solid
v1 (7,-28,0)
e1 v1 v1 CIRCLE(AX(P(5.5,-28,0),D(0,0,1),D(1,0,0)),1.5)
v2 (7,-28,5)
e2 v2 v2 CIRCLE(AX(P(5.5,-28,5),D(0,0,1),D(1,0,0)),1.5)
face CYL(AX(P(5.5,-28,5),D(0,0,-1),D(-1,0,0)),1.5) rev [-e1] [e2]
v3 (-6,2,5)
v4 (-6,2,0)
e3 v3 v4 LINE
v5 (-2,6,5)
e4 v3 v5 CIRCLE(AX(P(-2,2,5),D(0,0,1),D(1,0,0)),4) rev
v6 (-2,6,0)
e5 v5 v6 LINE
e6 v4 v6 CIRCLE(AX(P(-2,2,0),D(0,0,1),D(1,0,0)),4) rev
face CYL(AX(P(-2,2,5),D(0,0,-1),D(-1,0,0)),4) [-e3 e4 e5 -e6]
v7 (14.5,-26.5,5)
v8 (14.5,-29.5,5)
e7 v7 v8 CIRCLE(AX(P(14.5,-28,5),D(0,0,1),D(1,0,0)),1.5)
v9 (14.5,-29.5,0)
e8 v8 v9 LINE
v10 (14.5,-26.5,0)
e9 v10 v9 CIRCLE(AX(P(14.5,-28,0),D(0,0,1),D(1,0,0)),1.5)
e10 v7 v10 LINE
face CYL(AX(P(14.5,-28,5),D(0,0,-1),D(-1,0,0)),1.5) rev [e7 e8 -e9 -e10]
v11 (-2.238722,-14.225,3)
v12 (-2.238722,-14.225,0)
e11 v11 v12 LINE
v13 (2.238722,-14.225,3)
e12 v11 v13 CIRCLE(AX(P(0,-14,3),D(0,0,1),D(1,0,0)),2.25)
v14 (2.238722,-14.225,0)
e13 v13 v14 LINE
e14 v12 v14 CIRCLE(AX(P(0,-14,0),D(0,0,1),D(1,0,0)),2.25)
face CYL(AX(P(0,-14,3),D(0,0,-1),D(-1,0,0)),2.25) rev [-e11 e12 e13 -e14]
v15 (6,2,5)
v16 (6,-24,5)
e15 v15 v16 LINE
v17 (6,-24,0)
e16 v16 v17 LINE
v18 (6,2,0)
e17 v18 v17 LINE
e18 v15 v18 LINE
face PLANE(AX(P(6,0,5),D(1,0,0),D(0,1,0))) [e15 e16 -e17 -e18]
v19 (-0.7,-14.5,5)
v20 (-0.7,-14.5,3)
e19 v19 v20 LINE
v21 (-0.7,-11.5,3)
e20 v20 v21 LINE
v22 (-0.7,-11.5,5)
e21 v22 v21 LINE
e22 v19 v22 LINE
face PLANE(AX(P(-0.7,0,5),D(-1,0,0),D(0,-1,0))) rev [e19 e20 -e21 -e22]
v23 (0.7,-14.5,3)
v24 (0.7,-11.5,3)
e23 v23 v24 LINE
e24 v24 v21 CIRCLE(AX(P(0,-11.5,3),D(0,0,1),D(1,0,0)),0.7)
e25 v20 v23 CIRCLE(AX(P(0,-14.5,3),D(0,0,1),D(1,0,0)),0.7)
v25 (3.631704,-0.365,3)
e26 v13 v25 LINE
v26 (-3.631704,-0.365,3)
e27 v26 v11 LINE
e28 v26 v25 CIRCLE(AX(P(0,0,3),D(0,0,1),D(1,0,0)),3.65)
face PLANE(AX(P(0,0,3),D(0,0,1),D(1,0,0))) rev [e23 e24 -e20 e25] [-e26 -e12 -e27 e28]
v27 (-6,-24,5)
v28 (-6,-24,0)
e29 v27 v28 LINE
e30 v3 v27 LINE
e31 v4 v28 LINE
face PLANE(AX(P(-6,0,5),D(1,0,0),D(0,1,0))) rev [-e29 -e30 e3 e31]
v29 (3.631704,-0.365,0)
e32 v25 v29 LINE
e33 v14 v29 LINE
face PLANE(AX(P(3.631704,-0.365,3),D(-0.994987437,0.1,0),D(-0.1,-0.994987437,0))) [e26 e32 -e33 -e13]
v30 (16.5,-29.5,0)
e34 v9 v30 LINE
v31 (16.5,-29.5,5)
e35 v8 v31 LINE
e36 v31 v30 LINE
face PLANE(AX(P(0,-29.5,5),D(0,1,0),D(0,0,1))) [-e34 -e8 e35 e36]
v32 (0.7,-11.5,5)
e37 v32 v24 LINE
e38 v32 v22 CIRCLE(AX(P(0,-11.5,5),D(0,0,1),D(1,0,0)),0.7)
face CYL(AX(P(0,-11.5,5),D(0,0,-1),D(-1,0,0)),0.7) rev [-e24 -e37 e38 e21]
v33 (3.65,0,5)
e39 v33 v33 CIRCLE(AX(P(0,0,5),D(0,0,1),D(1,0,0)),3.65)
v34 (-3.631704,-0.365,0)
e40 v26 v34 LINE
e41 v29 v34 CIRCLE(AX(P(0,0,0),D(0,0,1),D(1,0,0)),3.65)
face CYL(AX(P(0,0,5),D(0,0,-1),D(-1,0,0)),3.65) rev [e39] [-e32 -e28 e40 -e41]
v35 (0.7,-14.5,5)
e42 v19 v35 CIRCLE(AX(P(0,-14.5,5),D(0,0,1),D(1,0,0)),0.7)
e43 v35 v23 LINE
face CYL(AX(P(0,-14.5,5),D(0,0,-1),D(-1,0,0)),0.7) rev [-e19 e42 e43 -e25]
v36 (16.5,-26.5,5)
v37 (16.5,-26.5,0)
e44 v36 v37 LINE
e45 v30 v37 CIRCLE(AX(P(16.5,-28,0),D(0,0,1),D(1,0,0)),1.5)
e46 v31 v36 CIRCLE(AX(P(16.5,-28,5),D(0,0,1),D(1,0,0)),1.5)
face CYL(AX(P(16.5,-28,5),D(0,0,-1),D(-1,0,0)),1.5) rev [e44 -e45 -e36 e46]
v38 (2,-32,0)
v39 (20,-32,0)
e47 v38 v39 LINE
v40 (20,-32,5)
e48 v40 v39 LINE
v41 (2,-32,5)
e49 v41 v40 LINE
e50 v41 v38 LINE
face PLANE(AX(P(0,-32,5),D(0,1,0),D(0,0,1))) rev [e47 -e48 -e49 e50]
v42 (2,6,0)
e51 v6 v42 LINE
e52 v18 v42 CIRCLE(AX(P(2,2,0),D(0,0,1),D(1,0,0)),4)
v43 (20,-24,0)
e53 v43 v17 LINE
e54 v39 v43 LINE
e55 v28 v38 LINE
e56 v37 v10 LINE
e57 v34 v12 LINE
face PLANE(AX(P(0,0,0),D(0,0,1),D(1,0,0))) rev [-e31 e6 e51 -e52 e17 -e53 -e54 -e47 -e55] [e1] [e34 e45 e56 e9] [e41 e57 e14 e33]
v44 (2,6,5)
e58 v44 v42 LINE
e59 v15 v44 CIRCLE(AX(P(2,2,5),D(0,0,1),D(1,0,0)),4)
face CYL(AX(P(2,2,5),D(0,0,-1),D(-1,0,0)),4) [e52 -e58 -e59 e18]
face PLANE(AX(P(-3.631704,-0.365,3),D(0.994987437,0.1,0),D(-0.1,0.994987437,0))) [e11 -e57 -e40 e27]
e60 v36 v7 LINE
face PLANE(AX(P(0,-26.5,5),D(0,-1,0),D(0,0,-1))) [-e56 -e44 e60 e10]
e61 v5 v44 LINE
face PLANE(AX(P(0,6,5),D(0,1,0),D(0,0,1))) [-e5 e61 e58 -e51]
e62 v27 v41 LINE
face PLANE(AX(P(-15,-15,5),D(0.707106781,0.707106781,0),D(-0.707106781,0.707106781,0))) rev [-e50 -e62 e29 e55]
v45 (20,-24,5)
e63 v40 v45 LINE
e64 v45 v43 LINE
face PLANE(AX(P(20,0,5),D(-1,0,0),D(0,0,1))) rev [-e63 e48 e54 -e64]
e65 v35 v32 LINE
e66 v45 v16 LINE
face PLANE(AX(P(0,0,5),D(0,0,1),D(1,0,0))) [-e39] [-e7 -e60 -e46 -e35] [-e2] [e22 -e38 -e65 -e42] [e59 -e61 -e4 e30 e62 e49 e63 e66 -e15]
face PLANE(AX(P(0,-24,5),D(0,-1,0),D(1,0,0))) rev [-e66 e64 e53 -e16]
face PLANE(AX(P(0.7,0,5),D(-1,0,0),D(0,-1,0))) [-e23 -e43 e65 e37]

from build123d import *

# Parameters (mm, degrees)
ESBO_O1_R                = 3.65
ESBO_O1_R_2              = 1.5
RESSALTO_EXTRUS_O1_DEPTH = 5
CORTE_EXTRUS_O1_DEPTH    = 3


with BuildPart() as part:
    # Esboço1 → Ressalto-extrusão1 (new body)
    with BuildSketch(Plane.XY):
        with BuildLine():
            ThreePointArc((-2, 6), (-4.828427125, 4.828427125), (-6, 2))
            Line((-6, 2), (-6, -24))
            Line((-6, -24), (2, -32))
            Line((2, -32), (20, -32))
            Line((20, -32), (20, -24))
            Line((20, -24), (6, -24))
            Line((6, -24), (6, 2))
            ThreePointArc((6, 2), (4.828427125, 4.828427125), (2, 6))
            Line((2, 6), (-2, 6))
        make_face()
        Circle(ESBO_O1_R, mode=Mode.SUBTRACT)
        with BuildLine():
            ThreePointArc((0.7, -14.5), (0, -15.2), (-0.7, -14.5))
            Line((-0.7, -14.5), (-0.7, -11.5))
            ThreePointArc((-0.7, -11.5), (0, -10.8), (0.7, -11.5))
            Line((0.7, -11.5), (0.7, -14.5))
        make_face(mode=Mode.SUBTRACT)
        with Locations((5.5, -28)):
            Circle(ESBO_O1_R_2, mode=Mode.SUBTRACT)
        with BuildLine():
            Line((14.5, -26.5), (16.5, -26.5))
            ThreePointArc((16.5, -26.5), (18, -28), (16.5, -29.5))
            Line((16.5, -29.5), (14.5, -29.5))
            ThreePointArc((14.5, -29.5), (13, -28), (14.5, -26.5))
        make_face(mode=Mode.SUBTRACT)
    extrude(amount=RESSALTO_EXTRUS_O1_DEPTH)

    # Esboço1<3> → Corte-extrusão1 (cut)
    with BuildSketch(Plane.XY):
        with BuildLine():
            ThreePointArc((-2.238721733, -14.225), (0, -16.25), (2.238721733, -14.225))
            Line((2.238721733, -14.225), (3.631704145, -0.365))
            ThreePointArc((3.631704145, -0.365), (0, -3.65), (-3.631704145, -0.365))
            Line((-3.631704145, -0.365), (-2.238721733, -14.225))
        make_face()
        with BuildLine():
            ThreePointArc((0.7, -14.5), (0, -15.2), (-0.7, -14.5))
            Line((-0.7, -14.5), (-0.7, -11.5))
            ThreePointArc((-0.7, -11.5), (0, -10.8), (0.7, -11.5))
            Line((0.7, -11.5), (0.7, -14.5))
        make_face(mode=Mode.SUBTRACT)
    extrude(amount=CORTE_EXTRUS_O1_DEPTH, mode=Mode.SUBTRACT)


solid = part.part
